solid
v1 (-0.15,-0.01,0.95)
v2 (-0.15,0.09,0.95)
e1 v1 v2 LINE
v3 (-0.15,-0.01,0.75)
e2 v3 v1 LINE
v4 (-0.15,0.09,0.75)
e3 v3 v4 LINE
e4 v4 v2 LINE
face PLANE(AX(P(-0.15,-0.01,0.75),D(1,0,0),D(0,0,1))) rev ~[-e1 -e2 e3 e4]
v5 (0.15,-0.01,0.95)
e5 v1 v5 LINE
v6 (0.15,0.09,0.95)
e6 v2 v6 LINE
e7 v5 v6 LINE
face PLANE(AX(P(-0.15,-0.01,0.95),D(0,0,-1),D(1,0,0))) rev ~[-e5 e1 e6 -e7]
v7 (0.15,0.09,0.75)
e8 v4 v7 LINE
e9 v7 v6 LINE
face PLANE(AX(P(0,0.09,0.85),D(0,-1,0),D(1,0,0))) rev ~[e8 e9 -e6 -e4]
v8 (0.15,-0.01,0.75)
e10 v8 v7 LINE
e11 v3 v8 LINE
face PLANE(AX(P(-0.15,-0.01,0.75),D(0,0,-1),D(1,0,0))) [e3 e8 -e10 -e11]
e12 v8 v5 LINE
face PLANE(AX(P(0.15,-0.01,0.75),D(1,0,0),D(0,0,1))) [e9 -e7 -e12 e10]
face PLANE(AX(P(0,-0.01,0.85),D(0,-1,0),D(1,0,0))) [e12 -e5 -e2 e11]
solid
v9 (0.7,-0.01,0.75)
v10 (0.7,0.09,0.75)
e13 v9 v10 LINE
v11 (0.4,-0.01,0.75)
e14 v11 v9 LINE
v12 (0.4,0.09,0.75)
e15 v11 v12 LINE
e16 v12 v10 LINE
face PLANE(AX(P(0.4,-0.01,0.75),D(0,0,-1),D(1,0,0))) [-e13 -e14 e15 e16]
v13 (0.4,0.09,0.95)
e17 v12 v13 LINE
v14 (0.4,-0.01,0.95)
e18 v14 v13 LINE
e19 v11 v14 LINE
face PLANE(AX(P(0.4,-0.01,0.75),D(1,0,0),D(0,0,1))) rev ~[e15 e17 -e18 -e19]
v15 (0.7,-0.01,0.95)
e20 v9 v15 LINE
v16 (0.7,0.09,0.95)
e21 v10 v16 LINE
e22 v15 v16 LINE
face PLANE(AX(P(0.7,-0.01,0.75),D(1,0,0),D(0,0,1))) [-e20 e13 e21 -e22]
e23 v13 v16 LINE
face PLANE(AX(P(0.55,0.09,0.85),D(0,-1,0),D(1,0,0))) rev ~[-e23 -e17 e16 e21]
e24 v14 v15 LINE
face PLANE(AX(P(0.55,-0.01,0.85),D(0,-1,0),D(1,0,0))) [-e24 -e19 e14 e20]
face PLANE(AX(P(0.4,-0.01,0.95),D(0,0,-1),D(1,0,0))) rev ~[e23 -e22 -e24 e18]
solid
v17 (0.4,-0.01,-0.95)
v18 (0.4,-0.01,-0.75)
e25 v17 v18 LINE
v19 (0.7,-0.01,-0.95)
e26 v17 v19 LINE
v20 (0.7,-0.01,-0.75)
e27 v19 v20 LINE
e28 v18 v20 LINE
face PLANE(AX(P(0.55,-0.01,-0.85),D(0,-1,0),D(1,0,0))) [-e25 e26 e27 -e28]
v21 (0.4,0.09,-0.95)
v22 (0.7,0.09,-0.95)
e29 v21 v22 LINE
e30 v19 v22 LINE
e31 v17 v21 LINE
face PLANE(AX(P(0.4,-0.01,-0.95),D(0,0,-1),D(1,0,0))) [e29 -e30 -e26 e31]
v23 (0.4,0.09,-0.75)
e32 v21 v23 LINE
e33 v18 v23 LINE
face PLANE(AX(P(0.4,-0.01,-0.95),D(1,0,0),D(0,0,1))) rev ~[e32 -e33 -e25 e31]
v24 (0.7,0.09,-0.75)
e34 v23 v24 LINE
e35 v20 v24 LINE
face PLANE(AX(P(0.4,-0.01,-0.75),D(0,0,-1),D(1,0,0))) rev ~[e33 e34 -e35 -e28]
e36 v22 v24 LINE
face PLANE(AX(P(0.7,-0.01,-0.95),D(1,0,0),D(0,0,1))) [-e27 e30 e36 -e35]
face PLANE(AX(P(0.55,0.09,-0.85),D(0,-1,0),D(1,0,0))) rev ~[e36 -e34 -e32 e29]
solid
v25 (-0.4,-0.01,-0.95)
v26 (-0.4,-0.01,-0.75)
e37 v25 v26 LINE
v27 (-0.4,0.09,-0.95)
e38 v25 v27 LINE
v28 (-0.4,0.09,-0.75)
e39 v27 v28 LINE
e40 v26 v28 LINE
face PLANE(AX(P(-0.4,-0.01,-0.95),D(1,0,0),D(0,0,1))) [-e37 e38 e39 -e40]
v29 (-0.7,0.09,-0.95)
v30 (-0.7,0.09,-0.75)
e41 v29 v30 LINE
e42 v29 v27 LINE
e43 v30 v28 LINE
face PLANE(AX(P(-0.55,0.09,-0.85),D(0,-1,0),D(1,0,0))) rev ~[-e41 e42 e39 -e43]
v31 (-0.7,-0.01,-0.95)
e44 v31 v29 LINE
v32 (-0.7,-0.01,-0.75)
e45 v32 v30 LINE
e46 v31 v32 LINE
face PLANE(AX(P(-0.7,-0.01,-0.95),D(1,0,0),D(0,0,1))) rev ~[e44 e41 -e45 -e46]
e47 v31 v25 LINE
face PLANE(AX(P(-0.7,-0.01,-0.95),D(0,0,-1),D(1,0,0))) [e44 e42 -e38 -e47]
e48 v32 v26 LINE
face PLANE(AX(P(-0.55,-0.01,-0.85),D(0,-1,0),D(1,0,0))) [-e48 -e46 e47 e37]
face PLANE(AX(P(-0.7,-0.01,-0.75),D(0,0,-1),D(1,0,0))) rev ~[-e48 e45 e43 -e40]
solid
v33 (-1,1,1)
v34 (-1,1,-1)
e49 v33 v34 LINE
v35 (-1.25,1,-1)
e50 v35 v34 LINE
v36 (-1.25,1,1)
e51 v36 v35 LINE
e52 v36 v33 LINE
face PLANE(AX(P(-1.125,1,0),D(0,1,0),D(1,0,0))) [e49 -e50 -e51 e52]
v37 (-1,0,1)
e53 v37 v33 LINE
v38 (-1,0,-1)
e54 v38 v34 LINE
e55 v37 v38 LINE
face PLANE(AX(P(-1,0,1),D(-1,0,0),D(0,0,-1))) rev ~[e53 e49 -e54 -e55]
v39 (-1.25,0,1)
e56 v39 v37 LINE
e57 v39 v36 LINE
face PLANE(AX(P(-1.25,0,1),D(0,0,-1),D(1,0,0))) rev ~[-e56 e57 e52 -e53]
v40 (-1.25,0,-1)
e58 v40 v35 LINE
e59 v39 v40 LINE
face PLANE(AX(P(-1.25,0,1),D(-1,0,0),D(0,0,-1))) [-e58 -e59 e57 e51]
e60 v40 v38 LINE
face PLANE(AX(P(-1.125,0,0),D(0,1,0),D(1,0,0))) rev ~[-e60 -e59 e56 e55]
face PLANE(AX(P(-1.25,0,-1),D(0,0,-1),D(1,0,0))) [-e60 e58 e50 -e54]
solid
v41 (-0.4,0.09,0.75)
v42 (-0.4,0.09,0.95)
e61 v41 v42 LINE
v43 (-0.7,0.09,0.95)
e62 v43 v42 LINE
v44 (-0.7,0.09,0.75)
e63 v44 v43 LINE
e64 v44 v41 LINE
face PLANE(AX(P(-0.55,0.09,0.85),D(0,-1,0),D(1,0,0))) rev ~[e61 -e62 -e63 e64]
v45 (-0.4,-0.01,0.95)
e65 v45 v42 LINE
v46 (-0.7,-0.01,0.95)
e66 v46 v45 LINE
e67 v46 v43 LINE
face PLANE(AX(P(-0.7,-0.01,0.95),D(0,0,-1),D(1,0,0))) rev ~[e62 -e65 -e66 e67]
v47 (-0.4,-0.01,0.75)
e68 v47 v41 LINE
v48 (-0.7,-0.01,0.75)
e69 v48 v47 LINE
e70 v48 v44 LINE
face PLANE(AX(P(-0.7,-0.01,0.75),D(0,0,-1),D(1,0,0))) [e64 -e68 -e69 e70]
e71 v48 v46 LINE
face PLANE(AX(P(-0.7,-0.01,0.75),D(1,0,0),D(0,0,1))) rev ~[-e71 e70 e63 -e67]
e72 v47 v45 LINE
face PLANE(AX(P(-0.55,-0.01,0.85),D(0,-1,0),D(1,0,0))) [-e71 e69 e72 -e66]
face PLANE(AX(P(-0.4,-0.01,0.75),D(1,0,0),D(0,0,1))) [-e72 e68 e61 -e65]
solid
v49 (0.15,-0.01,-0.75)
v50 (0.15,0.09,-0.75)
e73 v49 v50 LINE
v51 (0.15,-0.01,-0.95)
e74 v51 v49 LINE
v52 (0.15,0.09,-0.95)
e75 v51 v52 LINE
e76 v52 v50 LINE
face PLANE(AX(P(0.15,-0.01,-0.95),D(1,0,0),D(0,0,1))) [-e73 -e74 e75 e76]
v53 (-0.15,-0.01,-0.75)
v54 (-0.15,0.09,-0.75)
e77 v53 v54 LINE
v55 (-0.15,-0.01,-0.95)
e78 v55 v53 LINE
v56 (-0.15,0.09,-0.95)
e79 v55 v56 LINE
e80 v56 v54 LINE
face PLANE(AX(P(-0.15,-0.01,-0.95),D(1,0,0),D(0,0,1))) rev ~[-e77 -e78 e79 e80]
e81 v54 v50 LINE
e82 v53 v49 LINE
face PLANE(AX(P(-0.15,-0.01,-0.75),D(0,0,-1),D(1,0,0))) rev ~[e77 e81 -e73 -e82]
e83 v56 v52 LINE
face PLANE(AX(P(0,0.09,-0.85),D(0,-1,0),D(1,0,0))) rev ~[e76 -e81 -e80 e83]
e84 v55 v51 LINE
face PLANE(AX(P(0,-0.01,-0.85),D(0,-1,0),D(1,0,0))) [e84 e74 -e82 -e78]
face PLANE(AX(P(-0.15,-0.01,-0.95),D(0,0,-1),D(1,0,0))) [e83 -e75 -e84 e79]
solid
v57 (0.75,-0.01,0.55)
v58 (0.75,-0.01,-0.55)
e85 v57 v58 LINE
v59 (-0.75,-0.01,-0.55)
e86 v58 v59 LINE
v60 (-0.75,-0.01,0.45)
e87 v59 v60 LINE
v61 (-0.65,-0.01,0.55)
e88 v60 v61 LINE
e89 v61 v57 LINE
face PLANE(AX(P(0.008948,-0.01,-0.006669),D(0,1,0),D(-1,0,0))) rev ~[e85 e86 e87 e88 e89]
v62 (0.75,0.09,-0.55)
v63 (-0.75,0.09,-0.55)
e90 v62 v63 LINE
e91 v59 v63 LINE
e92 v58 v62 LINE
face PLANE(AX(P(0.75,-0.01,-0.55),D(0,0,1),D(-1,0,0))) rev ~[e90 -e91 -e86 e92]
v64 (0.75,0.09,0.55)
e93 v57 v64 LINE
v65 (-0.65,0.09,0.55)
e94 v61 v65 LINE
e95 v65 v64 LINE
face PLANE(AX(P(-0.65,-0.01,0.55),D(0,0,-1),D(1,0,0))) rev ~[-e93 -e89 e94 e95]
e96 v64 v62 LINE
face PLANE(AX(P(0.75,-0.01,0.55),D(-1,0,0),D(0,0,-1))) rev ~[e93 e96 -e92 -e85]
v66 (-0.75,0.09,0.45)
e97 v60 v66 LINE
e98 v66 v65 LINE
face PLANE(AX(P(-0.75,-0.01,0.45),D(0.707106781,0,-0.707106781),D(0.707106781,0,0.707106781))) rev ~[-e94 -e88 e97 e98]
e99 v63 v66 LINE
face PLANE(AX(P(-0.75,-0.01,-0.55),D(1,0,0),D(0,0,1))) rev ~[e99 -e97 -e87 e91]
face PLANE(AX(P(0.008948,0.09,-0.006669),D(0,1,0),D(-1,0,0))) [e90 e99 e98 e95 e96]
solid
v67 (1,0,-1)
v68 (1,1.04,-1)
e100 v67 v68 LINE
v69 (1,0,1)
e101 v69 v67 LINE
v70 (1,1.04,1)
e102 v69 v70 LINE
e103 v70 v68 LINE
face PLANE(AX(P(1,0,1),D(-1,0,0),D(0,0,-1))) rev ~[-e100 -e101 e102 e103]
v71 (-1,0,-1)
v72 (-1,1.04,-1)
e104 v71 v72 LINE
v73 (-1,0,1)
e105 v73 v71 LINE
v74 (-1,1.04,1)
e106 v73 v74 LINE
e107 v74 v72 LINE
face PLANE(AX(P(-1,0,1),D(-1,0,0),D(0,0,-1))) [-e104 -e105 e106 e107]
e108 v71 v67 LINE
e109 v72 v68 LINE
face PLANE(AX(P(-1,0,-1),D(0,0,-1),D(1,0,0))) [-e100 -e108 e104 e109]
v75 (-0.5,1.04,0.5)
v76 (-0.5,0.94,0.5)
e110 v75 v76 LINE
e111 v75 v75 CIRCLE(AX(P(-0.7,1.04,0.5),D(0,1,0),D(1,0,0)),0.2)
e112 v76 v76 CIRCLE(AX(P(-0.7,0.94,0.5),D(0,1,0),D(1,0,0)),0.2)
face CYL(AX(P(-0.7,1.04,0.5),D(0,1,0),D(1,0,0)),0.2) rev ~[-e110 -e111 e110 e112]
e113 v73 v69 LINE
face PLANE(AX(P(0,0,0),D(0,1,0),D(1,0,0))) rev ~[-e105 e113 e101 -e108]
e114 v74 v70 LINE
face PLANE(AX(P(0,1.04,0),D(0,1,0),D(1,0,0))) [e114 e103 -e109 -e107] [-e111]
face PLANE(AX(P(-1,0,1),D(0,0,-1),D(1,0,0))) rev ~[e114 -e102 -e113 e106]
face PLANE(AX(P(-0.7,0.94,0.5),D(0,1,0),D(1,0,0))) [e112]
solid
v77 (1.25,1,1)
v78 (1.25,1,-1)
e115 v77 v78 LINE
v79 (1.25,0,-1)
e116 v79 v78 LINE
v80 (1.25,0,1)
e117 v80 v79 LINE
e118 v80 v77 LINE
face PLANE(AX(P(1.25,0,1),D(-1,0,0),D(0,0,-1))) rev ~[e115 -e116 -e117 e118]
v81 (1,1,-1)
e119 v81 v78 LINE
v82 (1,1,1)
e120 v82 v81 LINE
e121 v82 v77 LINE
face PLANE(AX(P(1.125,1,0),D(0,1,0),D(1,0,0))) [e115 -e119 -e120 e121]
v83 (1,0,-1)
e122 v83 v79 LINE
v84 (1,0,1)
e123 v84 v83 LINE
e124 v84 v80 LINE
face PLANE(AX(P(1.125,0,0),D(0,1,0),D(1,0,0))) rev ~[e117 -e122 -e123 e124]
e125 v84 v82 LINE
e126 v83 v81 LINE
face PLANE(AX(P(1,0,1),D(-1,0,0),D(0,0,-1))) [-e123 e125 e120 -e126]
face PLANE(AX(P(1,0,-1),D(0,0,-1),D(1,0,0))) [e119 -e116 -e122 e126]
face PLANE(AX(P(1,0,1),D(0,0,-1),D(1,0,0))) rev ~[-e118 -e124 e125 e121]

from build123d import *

# Parameters (mm, degrees)
SKETCH1_W             = 2
SKETCH1_H             = 2
BOSS_EXTRUDE1_DEPTH   = 1.04
SKETCH3_W             = 0.25
SKETCH3_H             = 2
BOSS_EXTRUDE2_DEPTH   = 1
BOSS_EXTRUDE2_2_DEPTH = 1
SKETCH4_R             = 0.2
CUT_EXTRUDE1_DEPTH    = 0.1
BOSS_EXTRUDE3_START   = 0.01
BOSS_EXTRUDE3_DEPTH   = 0.1
SKETCH5_W             = 0.3
SKETCH5_H             = 0.2
BOSS_EXTRUDE3_2_DEPTH = 0.1
BOSS_EXTRUDE3_3_DEPTH = 0.1
BOSS_EXTRUDE3_4_DEPTH = 0.1
BOSS_EXTRUDE3_5_DEPTH = 0.1
BOSS_EXTRUDE3_6_DEPTH = 0.1
BOSS_EXTRUDE3_7_DEPTH = 0.1


with BuildPart() as part:
    # Sketch1 → Boss-Extrude1 (new body)
    with BuildSketch(Plane(origin=(0, 0, 0), x_dir=(1, 0, 0), z_dir=(0, 1, 0))):
        Rectangle(SKETCH1_W, SKETCH1_H)
    extrude(amount=BOSS_EXTRUDE1_DEPTH)

    # Sketch4 → Cut-Extrude1 (cut)
    with BuildSketch(Plane(origin=(0, 1.04, 0), x_dir=(1, 0, 0), z_dir=(0, 1, 0))):
        with Locations((-0.7, -0.5)):
            Circle(SKETCH4_R)
    extrude(amount=-CUT_EXTRUDE1_DEPTH, mode=Mode.SUBTRACT)


with BuildPart() as body_2:
    # Sketch3 → Boss-Extrude2 (new body)
    with BuildSketch(Plane(origin=(0, 0, 0), x_dir=(1, 0, 0), z_dir=(0, 1, 0))):
        with Locations((-1.125, 0)):
            Rectangle(SKETCH3_W, SKETCH3_H)
    extrude(amount=BOSS_EXTRUDE2_DEPTH)


with BuildPart() as body_3:
    # Sketch3 → Boss-Extrude2 2 (new body)
    with BuildSketch(Plane(origin=(0, 0, 0), x_dir=(1, 0, 0), z_dir=(0, 1, 0))):
        with Locations((1.125, 0)):
            Rectangle(SKETCH3_W, SKETCH3_H)
    extrude(amount=BOSS_EXTRUDE2_2_DEPTH)


with BuildPart() as body_4:
    # Sketch5 → Boss-Extrude3 (new body)
    with BuildSketch(Plane.XZ.offset(BOSS_EXTRUDE3_START)):
        Polygon((-0.75, 0.45), (-0.65, 0.55), (0.75, 0.55), (0.75, -0.55), (-0.75, -0.55), align=None)
    extrude(amount=-BOSS_EXTRUDE3_DEPTH)


with BuildPart() as body_5:
    # Sketch5 → Boss-Extrude3 2 (new body)
    with BuildSketch(Plane.XZ.offset(BOSS_EXTRUDE3_START)):
        with Locations((0.55, -0.85)):
            Rectangle(SKETCH5_W, SKETCH5_H)
    extrude(amount=-BOSS_EXTRUDE3_2_DEPTH)


with BuildPart() as body_6:
    # Sketch5 → Boss-Extrude3 3 (new body)
    with BuildSketch(Plane.XZ.offset(BOSS_EXTRUDE3_START)):
        with Locations((0, -0.85)):
            Rectangle(SKETCH5_W, SKETCH5_H)
    extrude(amount=-BOSS_EXTRUDE3_3_DEPTH)


with BuildPart() as body_7:
    # Sketch5 → Boss-Extrude3 4 (new body)
    with BuildSketch(Plane.XZ.offset(BOSS_EXTRUDE3_START)):
        with Locations((-0.55, -0.85)):
            Rectangle(SKETCH5_W, SKETCH5_H)
    extrude(amount=-BOSS_EXTRUDE3_4_DEPTH)


with BuildPart() as body_8:
    # Sketch5 → Boss-Extrude3 5 (new body)
    with BuildSketch(Plane.XZ.offset(BOSS_EXTRUDE3_START)):
        with Locations((-0.55, 0.85)):
            Rectangle(SKETCH5_W, SKETCH5_H)
    extrude(amount=-BOSS_EXTRUDE3_5_DEPTH)


with BuildPart() as body_9:
    # Sketch5 → Boss-Extrude3 6 (new body)
    with BuildSketch(Plane.XZ.offset(BOSS_EXTRUDE3_START)):
        with Locations((0.55, 0.85)):
            Rectangle(SKETCH5_W, SKETCH5_H)
    extrude(amount=-BOSS_EXTRUDE3_6_DEPTH)


with BuildPart() as body_10:
    # Sketch5 → Boss-Extrude3 7 (new body)
    with BuildSketch(Plane.XZ.offset(BOSS_EXTRUDE3_START)):
        with Locations((0, 0.85)):
            Rectangle(SKETCH5_W, SKETCH5_H)
    extrude(amount=-BOSS_EXTRUDE3_7_DEPTH)


solid = Compound([part.part, body_2.part, body_3.part, body_4.part, body_5.part, body_6.part, body_7.part, body_8.part, body_9.part, body_10.part])
